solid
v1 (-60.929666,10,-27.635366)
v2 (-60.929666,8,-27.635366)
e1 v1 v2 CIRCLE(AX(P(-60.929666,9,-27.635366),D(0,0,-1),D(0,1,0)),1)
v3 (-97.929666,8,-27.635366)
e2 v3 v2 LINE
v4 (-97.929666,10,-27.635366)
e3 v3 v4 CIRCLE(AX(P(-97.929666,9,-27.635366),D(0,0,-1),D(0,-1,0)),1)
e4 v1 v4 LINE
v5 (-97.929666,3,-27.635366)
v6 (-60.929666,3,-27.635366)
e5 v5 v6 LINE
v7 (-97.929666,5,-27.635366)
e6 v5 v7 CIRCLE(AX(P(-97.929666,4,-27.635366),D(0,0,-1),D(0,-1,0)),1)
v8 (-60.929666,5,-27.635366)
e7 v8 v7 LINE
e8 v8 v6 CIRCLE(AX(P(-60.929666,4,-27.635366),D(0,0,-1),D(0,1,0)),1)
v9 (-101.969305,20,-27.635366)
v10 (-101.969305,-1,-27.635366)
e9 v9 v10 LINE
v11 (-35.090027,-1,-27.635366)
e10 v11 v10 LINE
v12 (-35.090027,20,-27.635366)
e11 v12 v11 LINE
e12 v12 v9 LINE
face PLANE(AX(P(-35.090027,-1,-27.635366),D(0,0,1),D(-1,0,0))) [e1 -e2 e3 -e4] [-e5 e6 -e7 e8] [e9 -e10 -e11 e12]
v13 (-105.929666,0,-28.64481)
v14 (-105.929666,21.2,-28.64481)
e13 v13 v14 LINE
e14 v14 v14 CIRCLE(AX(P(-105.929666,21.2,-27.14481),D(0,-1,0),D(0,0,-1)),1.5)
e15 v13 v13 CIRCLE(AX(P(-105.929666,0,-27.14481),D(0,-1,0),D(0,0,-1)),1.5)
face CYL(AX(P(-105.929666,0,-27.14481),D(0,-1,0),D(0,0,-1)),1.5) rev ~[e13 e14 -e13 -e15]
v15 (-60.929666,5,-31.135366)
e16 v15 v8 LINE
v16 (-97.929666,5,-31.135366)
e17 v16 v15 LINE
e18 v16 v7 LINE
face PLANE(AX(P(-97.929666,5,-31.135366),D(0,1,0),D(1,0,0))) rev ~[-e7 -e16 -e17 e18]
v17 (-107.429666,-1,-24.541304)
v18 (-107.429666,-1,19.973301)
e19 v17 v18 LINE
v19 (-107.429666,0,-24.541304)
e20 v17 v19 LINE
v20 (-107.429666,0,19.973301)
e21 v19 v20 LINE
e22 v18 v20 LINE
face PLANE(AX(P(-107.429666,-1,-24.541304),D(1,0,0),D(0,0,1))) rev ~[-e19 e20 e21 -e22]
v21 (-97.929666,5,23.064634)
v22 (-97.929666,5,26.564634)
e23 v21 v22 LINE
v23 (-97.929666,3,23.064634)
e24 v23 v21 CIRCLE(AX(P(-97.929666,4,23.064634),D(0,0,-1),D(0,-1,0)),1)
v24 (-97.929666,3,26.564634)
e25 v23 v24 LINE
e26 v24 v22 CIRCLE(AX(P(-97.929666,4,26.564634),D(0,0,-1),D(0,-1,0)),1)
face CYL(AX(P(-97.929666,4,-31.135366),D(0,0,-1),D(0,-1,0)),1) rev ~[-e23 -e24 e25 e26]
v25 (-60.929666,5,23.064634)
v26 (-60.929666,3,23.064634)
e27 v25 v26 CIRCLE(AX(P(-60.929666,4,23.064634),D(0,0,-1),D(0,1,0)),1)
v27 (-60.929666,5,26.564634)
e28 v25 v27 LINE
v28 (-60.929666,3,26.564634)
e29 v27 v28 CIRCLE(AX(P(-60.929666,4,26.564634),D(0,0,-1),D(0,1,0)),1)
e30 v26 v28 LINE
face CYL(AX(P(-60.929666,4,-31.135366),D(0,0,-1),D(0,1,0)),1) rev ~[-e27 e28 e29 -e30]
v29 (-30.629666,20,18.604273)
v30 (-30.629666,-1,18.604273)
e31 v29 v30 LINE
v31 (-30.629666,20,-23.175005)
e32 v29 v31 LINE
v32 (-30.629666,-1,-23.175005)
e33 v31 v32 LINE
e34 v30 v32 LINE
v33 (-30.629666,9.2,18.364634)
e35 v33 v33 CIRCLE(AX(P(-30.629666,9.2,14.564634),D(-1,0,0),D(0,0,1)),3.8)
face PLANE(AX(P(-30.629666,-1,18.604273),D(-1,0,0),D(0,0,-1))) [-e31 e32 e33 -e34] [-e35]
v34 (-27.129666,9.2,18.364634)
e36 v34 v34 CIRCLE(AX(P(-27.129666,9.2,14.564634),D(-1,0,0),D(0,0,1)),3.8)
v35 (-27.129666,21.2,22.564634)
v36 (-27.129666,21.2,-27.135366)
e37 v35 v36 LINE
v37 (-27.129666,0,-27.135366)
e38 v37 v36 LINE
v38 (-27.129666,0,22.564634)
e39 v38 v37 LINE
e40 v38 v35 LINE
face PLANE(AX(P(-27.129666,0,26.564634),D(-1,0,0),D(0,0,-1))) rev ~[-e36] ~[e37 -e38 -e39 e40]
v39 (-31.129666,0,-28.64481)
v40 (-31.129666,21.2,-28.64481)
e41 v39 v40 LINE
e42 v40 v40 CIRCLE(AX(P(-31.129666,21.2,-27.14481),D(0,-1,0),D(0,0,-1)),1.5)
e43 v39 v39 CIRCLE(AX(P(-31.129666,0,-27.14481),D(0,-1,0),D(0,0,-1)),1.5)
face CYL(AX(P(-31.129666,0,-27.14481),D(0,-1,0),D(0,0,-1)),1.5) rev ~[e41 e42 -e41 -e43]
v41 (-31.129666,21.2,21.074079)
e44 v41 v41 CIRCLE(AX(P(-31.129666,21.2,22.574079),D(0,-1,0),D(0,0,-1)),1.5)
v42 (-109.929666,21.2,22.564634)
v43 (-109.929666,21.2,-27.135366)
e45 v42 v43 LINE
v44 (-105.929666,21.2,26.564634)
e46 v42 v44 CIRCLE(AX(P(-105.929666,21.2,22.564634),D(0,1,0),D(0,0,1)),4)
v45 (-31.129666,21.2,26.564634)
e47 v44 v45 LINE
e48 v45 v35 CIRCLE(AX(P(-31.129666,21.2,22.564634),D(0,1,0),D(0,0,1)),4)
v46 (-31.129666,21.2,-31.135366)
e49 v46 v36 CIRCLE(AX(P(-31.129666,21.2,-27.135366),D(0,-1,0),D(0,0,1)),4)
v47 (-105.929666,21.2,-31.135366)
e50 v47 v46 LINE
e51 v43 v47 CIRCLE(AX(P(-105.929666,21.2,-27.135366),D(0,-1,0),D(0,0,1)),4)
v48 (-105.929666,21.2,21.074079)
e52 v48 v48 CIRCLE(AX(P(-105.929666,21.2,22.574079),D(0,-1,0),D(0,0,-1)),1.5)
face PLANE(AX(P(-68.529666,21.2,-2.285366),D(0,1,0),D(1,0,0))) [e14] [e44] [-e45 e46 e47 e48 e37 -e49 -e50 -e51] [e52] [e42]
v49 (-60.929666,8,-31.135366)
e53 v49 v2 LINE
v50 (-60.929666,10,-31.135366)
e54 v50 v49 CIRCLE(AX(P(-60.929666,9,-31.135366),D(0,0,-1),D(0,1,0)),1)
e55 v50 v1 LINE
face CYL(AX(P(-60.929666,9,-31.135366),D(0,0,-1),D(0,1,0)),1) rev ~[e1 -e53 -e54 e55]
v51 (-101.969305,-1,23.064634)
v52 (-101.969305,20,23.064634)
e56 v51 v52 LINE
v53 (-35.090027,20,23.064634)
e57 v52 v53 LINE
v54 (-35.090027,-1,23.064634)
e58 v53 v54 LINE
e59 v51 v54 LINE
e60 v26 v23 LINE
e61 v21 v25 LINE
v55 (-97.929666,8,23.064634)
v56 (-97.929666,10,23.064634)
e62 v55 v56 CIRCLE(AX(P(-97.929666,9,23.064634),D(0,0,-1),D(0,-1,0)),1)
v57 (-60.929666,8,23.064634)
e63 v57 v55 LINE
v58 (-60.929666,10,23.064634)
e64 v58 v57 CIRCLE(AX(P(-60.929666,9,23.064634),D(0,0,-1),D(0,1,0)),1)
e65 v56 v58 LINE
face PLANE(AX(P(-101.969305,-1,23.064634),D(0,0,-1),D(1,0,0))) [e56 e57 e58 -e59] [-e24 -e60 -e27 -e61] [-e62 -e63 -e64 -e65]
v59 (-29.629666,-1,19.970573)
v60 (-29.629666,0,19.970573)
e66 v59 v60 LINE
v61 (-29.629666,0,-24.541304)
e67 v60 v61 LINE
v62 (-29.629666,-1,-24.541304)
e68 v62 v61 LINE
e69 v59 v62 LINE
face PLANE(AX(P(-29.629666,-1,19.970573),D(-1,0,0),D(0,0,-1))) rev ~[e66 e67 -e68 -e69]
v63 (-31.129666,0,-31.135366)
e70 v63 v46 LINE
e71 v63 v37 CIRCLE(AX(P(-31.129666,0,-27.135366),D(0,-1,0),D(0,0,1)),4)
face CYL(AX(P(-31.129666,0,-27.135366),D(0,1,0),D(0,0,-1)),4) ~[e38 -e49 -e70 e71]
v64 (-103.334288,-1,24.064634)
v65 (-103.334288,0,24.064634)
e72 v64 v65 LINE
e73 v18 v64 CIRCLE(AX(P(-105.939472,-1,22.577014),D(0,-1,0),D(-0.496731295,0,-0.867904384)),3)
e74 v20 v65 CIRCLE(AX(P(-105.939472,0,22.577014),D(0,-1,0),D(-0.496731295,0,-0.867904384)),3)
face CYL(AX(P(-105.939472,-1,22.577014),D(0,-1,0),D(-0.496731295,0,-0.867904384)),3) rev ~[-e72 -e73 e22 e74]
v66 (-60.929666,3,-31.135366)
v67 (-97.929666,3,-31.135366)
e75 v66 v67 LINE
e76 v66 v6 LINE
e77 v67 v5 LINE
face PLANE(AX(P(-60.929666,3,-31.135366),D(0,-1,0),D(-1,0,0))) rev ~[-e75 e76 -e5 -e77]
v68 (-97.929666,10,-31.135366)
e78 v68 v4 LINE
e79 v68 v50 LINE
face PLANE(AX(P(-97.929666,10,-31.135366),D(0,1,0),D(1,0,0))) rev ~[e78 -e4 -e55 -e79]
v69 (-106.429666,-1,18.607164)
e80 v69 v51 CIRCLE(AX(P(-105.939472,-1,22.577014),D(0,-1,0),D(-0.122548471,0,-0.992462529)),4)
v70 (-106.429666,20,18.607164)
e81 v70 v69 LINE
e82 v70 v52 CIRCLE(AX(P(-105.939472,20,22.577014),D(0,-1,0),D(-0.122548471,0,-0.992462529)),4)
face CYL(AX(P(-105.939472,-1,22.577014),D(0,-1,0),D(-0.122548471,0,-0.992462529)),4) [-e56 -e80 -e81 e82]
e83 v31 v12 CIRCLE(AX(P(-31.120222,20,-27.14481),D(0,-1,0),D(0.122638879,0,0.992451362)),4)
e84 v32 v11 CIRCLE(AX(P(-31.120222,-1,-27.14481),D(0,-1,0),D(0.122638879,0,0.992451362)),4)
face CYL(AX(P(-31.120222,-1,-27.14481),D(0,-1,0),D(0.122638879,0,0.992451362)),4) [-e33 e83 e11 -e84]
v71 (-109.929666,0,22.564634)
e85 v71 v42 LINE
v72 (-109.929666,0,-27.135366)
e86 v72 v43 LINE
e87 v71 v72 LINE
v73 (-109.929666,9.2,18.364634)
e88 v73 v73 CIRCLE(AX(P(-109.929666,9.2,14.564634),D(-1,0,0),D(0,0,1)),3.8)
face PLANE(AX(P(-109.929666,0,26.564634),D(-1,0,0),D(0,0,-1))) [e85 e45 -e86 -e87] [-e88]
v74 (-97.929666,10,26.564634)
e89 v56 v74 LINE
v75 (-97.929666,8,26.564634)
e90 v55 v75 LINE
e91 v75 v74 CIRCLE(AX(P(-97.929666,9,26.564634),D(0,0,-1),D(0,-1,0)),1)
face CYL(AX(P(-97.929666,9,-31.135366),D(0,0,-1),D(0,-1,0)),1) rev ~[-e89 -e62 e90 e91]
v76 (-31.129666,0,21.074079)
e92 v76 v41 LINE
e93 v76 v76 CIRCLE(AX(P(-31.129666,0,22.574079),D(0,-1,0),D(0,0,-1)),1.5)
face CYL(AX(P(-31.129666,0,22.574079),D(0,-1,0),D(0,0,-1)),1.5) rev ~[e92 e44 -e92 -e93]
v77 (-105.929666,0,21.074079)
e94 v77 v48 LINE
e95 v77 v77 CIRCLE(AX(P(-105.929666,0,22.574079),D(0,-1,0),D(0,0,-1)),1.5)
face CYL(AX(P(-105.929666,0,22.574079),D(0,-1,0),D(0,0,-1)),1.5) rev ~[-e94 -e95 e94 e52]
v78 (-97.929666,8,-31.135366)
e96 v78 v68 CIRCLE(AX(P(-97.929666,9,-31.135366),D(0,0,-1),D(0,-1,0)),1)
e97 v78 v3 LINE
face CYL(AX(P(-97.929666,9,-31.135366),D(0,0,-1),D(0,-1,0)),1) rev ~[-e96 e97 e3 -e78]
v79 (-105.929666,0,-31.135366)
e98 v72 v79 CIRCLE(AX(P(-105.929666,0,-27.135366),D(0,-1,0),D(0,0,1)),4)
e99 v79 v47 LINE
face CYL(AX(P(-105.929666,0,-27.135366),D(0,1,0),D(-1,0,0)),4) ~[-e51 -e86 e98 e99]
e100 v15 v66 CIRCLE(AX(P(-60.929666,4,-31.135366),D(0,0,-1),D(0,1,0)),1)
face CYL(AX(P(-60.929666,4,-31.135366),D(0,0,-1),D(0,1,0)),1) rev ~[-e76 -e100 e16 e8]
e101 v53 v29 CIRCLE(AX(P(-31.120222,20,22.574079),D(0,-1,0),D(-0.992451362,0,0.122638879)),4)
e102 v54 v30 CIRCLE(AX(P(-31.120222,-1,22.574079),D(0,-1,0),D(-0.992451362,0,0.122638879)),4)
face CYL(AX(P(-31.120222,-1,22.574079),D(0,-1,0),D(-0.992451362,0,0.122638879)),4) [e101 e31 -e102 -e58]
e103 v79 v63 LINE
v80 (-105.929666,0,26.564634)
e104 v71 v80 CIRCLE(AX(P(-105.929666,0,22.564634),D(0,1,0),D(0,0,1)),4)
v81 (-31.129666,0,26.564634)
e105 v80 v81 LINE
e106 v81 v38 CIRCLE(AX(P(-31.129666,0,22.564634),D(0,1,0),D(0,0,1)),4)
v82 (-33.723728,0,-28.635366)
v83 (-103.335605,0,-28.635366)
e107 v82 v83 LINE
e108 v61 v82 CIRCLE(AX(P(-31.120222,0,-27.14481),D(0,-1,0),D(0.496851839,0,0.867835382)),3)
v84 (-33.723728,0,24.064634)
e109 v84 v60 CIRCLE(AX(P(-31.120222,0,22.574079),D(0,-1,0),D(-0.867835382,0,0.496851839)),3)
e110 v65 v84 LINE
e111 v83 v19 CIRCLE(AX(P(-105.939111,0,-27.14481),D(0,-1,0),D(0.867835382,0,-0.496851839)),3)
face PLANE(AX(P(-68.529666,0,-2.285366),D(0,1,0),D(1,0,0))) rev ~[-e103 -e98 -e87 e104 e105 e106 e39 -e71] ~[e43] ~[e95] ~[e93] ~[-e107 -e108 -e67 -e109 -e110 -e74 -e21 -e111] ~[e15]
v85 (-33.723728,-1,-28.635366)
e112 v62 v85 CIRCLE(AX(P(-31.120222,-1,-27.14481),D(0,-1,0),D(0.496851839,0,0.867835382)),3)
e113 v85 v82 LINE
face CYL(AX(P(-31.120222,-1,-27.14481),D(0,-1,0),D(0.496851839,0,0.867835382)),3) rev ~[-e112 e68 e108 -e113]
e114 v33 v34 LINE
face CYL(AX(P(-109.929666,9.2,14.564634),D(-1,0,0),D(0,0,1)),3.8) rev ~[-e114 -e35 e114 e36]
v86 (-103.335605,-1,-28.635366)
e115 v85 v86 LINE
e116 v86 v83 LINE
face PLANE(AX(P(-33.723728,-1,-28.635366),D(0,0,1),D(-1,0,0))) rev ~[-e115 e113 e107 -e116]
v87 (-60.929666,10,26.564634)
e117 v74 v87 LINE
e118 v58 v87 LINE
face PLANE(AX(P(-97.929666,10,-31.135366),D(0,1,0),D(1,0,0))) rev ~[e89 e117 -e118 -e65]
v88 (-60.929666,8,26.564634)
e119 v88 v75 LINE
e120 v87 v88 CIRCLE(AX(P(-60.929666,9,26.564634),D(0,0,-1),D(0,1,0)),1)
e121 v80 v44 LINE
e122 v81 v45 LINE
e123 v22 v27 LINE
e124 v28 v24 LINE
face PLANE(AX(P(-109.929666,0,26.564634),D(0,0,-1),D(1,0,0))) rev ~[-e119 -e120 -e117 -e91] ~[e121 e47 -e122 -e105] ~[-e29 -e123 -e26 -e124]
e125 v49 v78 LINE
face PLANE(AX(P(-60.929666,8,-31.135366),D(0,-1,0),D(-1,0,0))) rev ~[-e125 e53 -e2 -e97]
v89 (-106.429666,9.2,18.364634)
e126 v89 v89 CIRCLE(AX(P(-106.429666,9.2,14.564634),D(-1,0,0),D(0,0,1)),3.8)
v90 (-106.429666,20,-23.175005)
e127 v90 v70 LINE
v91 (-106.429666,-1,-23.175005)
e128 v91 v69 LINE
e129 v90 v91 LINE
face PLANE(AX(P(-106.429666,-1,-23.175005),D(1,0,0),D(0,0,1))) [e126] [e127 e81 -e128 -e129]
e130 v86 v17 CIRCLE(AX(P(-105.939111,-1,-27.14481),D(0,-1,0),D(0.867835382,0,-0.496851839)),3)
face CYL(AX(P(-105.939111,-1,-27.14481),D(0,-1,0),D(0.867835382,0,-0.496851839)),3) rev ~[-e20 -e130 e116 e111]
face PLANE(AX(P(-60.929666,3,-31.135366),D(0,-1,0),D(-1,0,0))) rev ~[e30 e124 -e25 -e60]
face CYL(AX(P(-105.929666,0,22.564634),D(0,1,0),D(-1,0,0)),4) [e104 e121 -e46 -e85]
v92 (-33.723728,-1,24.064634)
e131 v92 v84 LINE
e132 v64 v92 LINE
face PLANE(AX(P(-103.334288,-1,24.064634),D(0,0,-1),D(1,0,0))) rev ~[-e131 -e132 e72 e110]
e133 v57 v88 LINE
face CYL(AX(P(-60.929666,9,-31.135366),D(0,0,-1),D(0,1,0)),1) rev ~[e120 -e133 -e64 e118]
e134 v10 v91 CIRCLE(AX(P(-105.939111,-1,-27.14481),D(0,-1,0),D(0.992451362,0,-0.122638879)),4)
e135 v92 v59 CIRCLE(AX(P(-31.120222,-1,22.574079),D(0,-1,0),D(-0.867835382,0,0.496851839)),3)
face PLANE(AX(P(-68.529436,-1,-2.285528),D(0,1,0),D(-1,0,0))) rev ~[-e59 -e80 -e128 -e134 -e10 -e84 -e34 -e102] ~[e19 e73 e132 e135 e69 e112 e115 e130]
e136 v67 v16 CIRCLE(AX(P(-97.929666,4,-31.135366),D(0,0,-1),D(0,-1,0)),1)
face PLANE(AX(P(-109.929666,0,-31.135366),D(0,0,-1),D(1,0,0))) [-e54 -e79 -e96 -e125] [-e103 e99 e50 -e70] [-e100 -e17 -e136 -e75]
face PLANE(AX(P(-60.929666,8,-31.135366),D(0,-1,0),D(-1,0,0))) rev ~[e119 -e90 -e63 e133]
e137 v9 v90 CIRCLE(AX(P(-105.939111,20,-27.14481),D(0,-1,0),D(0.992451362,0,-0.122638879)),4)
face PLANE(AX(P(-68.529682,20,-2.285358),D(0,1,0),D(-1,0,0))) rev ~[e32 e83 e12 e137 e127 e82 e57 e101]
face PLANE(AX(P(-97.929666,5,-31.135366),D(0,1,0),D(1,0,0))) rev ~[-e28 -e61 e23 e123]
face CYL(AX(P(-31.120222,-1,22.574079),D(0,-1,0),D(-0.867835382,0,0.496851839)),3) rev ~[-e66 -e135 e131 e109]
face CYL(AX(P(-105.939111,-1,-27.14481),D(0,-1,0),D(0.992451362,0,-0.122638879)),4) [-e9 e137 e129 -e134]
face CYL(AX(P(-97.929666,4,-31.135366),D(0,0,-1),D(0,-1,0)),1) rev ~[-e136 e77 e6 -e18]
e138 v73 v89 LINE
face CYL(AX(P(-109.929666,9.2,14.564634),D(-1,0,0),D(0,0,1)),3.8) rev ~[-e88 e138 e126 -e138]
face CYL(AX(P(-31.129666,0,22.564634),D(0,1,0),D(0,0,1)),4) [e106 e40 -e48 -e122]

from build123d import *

# Parameters (mm, degrees)
SKETCH1_W           = 82.8
SKETCH1_H           = 57.7
BOSS_EXTRUDE1_DEPTH = 21.2
SKETCH2_R           = 1.5
CUT_EXTRUDE1_DEPTH  = 22
CUT_EXTRUDE2_DEPTH  = 20
FILLET3_R           = 4
BOSS_EXTRUDE3_START = 1
BOSS_EXTRUDE3_DEPTH = 1
CUT_EXTRUDE6_DEPTH  = 126.949440358
SKETCH8_R           = 3.8
CUT_EXTRUDE7_DEPTH  = 91.96532852


with BuildPart() as part:
    # Sketch1 → Boss-Extrude1 (new body)
    with BuildSketch(Plane(origin=(0, 0, 0), x_dir=(1, 0, 0), z_dir=(0, 1, 0))):
        with Locations((-68.529666271, 2.285365627)):
            Rectangle(SKETCH1_W, SKETCH1_H)
    extrude(amount=BOSS_EXTRUDE1_DEPTH)

    # Sketch2 → Cut-Extrude1 (cut)
    with BuildSketch(Plane.XZ):
        with Locations((-105.929666271, 22.574078856)):
            Circle(SKETCH2_R)
        with Locations((-31.129666271, 22.574078856)):
            Circle(SKETCH2_R)
        with Locations((-105.929666271, -27.14481011)):
            Circle(SKETCH2_R)
        with Locations((-31.129666271, -27.14481011)):
            Circle(SKETCH2_R)
    extrude(amount=-CUT_EXTRUDE1_DEPTH, mode=Mode.SUBTRACT)

    # Sketch3 → Cut-Extrude2 (cut)
    with BuildSketch(Plane.XZ):
        with BuildLine():
            Line((-101.969305307, 23.064634373), (-35.090027235, 23.064634373))
            ThreePointArc((-35.090027235, 23.064634373), (-33.948648913, 19.745651731), (-30.629666271, 18.604273409))
            Line((-30.629666271, 18.604273409), (-30.629666271, -23.175004663))
            ThreePointArc((-30.629666271, -23.175004663), (-33.948648913, -24.316382985), (-35.090027235, -27.635365627))
            Line((-35.090027235, -27.635365627), (-101.969305307, -27.635365627))
            ThreePointArc((-101.969305307, -27.635365627), (-103.110683629, -24.316382985), (-106.429666271, -23.175004663))
            Line((-106.429666271, -23.175004663), (-106.429666271, 18.607164142))
            ThreePointArc((-106.429666271, 18.607164142), (-103.111962249, 19.747670443), (-101.969305307, 23.064634373))
        make_face()
    extrude(amount=-CUT_EXTRUDE2_DEPTH, mode=Mode.SUBTRACT)

    # Fillet3
    fillet3_edges = [part.edges().sort_by_distance(p)[0] for p in [
        (-27.129666271, 10.6, 26.564634373),
        (-109.929666271, 10.6, 26.564634373),
        (-109.929666271, 10.6, -31.135365627),
        (-27.129666271, 10.6, -31.135365627),
    ]]
    fillet(fillet3_edges, radius=FILLET3_R)

    # Sketch3<8> → Boss-Extrude3 (add)
    with BuildSketch(Plane.XZ.offset(BOSS_EXTRUDE3_START)):
        with BuildLine():
            Line((-103.334287863, 24.064634373), (-33.723727934, 24.064634373))
            ThreePointArc((-33.723727934, 24.064634373), (-33.241542132, 20.452758513), (-29.629666271, 19.97057271))
            Line((-29.629666271, 19.97057271), (-29.629666271, -24.541303964))
            ThreePointArc((-29.629666271, -24.541303964), (-33.241542132, -25.023489766), (-33.723727934, -28.635365627))
            Line((-33.723727934, -28.635365627), (-103.335604608, -28.635365627))
            ThreePointArc((-103.335604608, -28.635365627), (-103.817790411, -25.023489766), (-107.429666271, -24.541303964))
            Line((-107.429666271, -24.541303964), (-107.429666271, 19.973301106))
            ThreePointArc((-107.429666271, 19.973301106), (-103.819200468, 20.454646008), (-103.334287863, 24.064634373))
        make_face()
        with BuildLine():
            Line((-101.969305307, 23.064634373), (-35.090027235, 23.064634373))
            ThreePointArc((-35.090027235, 23.064634373), (-33.948648913, 19.745651731), (-30.629666271, 18.604273409))
            Line((-30.629666271, 18.604273409), (-30.629666271, -23.175004663))
            ThreePointArc((-30.629666271, -23.175004663), (-33.948648913, -24.316382985), (-35.090027235, -27.635365627))
            Line((-35.090027235, -27.635365627), (-101.969305307, -27.635365627))
            ThreePointArc((-101.969305307, -27.635365627), (-103.110683629, -24.316382985), (-106.429666271, -23.175004663))
            Line((-106.429666271, -23.175004663), (-106.429666271, 18.607164142))
            ThreePointArc((-106.429666271, 18.607164142), (-103.111962249, 19.747670443), (-101.969305307, 23.064634373))
        make_face(mode=Mode.SUBTRACT)
    extrude(amount=-BOSS_EXTRUDE3_DEPTH)

    # Sketch7 → Cut-Extrude6 (cut, through all)
    with BuildSketch(Plane(origin=(0, 0, -31.135365627), x_dir=(-1, 0, 0), z_dir=(0, 0, -1))):
        with BuildLine():
            Line((60.929666271, 3), (97.929666271, 3))
            ThreePointArc((97.929666271, 3), (98.929666271, 4), (97.929666271, 5))
            Line((97.929666271, 5), (60.929666271, 5))
            ThreePointArc((60.929666271, 5), (59.929666271, 4), (60.929666271, 3))
        make_face()
        with BuildLine():
            Line((60.929666271, 8), (97.929666271, 8))
            ThreePointArc((97.929666271, 8), (98.929666271, 9), (97.929666271, 10))
            Line((97.929666271, 10), (60.929666271, 10))
            ThreePointArc((60.929666271, 10), (59.929666271, 9), (60.929666271, 8))
        make_face()
    extrude(amount=-CUT_EXTRUDE6_DEPTH, mode=Mode.SUBTRACT)

    # Sketch8 → Cut-Extrude7 (cut, through all)
    with BuildSketch(Plane.ZY.offset(109.929666271)):
        with Locations((14.564634373, 9.2)):
            Circle(SKETCH8_R)
    extrude(amount=-CUT_EXTRUDE7_DEPTH, mode=Mode.SUBTRACT)


solid = part.part
